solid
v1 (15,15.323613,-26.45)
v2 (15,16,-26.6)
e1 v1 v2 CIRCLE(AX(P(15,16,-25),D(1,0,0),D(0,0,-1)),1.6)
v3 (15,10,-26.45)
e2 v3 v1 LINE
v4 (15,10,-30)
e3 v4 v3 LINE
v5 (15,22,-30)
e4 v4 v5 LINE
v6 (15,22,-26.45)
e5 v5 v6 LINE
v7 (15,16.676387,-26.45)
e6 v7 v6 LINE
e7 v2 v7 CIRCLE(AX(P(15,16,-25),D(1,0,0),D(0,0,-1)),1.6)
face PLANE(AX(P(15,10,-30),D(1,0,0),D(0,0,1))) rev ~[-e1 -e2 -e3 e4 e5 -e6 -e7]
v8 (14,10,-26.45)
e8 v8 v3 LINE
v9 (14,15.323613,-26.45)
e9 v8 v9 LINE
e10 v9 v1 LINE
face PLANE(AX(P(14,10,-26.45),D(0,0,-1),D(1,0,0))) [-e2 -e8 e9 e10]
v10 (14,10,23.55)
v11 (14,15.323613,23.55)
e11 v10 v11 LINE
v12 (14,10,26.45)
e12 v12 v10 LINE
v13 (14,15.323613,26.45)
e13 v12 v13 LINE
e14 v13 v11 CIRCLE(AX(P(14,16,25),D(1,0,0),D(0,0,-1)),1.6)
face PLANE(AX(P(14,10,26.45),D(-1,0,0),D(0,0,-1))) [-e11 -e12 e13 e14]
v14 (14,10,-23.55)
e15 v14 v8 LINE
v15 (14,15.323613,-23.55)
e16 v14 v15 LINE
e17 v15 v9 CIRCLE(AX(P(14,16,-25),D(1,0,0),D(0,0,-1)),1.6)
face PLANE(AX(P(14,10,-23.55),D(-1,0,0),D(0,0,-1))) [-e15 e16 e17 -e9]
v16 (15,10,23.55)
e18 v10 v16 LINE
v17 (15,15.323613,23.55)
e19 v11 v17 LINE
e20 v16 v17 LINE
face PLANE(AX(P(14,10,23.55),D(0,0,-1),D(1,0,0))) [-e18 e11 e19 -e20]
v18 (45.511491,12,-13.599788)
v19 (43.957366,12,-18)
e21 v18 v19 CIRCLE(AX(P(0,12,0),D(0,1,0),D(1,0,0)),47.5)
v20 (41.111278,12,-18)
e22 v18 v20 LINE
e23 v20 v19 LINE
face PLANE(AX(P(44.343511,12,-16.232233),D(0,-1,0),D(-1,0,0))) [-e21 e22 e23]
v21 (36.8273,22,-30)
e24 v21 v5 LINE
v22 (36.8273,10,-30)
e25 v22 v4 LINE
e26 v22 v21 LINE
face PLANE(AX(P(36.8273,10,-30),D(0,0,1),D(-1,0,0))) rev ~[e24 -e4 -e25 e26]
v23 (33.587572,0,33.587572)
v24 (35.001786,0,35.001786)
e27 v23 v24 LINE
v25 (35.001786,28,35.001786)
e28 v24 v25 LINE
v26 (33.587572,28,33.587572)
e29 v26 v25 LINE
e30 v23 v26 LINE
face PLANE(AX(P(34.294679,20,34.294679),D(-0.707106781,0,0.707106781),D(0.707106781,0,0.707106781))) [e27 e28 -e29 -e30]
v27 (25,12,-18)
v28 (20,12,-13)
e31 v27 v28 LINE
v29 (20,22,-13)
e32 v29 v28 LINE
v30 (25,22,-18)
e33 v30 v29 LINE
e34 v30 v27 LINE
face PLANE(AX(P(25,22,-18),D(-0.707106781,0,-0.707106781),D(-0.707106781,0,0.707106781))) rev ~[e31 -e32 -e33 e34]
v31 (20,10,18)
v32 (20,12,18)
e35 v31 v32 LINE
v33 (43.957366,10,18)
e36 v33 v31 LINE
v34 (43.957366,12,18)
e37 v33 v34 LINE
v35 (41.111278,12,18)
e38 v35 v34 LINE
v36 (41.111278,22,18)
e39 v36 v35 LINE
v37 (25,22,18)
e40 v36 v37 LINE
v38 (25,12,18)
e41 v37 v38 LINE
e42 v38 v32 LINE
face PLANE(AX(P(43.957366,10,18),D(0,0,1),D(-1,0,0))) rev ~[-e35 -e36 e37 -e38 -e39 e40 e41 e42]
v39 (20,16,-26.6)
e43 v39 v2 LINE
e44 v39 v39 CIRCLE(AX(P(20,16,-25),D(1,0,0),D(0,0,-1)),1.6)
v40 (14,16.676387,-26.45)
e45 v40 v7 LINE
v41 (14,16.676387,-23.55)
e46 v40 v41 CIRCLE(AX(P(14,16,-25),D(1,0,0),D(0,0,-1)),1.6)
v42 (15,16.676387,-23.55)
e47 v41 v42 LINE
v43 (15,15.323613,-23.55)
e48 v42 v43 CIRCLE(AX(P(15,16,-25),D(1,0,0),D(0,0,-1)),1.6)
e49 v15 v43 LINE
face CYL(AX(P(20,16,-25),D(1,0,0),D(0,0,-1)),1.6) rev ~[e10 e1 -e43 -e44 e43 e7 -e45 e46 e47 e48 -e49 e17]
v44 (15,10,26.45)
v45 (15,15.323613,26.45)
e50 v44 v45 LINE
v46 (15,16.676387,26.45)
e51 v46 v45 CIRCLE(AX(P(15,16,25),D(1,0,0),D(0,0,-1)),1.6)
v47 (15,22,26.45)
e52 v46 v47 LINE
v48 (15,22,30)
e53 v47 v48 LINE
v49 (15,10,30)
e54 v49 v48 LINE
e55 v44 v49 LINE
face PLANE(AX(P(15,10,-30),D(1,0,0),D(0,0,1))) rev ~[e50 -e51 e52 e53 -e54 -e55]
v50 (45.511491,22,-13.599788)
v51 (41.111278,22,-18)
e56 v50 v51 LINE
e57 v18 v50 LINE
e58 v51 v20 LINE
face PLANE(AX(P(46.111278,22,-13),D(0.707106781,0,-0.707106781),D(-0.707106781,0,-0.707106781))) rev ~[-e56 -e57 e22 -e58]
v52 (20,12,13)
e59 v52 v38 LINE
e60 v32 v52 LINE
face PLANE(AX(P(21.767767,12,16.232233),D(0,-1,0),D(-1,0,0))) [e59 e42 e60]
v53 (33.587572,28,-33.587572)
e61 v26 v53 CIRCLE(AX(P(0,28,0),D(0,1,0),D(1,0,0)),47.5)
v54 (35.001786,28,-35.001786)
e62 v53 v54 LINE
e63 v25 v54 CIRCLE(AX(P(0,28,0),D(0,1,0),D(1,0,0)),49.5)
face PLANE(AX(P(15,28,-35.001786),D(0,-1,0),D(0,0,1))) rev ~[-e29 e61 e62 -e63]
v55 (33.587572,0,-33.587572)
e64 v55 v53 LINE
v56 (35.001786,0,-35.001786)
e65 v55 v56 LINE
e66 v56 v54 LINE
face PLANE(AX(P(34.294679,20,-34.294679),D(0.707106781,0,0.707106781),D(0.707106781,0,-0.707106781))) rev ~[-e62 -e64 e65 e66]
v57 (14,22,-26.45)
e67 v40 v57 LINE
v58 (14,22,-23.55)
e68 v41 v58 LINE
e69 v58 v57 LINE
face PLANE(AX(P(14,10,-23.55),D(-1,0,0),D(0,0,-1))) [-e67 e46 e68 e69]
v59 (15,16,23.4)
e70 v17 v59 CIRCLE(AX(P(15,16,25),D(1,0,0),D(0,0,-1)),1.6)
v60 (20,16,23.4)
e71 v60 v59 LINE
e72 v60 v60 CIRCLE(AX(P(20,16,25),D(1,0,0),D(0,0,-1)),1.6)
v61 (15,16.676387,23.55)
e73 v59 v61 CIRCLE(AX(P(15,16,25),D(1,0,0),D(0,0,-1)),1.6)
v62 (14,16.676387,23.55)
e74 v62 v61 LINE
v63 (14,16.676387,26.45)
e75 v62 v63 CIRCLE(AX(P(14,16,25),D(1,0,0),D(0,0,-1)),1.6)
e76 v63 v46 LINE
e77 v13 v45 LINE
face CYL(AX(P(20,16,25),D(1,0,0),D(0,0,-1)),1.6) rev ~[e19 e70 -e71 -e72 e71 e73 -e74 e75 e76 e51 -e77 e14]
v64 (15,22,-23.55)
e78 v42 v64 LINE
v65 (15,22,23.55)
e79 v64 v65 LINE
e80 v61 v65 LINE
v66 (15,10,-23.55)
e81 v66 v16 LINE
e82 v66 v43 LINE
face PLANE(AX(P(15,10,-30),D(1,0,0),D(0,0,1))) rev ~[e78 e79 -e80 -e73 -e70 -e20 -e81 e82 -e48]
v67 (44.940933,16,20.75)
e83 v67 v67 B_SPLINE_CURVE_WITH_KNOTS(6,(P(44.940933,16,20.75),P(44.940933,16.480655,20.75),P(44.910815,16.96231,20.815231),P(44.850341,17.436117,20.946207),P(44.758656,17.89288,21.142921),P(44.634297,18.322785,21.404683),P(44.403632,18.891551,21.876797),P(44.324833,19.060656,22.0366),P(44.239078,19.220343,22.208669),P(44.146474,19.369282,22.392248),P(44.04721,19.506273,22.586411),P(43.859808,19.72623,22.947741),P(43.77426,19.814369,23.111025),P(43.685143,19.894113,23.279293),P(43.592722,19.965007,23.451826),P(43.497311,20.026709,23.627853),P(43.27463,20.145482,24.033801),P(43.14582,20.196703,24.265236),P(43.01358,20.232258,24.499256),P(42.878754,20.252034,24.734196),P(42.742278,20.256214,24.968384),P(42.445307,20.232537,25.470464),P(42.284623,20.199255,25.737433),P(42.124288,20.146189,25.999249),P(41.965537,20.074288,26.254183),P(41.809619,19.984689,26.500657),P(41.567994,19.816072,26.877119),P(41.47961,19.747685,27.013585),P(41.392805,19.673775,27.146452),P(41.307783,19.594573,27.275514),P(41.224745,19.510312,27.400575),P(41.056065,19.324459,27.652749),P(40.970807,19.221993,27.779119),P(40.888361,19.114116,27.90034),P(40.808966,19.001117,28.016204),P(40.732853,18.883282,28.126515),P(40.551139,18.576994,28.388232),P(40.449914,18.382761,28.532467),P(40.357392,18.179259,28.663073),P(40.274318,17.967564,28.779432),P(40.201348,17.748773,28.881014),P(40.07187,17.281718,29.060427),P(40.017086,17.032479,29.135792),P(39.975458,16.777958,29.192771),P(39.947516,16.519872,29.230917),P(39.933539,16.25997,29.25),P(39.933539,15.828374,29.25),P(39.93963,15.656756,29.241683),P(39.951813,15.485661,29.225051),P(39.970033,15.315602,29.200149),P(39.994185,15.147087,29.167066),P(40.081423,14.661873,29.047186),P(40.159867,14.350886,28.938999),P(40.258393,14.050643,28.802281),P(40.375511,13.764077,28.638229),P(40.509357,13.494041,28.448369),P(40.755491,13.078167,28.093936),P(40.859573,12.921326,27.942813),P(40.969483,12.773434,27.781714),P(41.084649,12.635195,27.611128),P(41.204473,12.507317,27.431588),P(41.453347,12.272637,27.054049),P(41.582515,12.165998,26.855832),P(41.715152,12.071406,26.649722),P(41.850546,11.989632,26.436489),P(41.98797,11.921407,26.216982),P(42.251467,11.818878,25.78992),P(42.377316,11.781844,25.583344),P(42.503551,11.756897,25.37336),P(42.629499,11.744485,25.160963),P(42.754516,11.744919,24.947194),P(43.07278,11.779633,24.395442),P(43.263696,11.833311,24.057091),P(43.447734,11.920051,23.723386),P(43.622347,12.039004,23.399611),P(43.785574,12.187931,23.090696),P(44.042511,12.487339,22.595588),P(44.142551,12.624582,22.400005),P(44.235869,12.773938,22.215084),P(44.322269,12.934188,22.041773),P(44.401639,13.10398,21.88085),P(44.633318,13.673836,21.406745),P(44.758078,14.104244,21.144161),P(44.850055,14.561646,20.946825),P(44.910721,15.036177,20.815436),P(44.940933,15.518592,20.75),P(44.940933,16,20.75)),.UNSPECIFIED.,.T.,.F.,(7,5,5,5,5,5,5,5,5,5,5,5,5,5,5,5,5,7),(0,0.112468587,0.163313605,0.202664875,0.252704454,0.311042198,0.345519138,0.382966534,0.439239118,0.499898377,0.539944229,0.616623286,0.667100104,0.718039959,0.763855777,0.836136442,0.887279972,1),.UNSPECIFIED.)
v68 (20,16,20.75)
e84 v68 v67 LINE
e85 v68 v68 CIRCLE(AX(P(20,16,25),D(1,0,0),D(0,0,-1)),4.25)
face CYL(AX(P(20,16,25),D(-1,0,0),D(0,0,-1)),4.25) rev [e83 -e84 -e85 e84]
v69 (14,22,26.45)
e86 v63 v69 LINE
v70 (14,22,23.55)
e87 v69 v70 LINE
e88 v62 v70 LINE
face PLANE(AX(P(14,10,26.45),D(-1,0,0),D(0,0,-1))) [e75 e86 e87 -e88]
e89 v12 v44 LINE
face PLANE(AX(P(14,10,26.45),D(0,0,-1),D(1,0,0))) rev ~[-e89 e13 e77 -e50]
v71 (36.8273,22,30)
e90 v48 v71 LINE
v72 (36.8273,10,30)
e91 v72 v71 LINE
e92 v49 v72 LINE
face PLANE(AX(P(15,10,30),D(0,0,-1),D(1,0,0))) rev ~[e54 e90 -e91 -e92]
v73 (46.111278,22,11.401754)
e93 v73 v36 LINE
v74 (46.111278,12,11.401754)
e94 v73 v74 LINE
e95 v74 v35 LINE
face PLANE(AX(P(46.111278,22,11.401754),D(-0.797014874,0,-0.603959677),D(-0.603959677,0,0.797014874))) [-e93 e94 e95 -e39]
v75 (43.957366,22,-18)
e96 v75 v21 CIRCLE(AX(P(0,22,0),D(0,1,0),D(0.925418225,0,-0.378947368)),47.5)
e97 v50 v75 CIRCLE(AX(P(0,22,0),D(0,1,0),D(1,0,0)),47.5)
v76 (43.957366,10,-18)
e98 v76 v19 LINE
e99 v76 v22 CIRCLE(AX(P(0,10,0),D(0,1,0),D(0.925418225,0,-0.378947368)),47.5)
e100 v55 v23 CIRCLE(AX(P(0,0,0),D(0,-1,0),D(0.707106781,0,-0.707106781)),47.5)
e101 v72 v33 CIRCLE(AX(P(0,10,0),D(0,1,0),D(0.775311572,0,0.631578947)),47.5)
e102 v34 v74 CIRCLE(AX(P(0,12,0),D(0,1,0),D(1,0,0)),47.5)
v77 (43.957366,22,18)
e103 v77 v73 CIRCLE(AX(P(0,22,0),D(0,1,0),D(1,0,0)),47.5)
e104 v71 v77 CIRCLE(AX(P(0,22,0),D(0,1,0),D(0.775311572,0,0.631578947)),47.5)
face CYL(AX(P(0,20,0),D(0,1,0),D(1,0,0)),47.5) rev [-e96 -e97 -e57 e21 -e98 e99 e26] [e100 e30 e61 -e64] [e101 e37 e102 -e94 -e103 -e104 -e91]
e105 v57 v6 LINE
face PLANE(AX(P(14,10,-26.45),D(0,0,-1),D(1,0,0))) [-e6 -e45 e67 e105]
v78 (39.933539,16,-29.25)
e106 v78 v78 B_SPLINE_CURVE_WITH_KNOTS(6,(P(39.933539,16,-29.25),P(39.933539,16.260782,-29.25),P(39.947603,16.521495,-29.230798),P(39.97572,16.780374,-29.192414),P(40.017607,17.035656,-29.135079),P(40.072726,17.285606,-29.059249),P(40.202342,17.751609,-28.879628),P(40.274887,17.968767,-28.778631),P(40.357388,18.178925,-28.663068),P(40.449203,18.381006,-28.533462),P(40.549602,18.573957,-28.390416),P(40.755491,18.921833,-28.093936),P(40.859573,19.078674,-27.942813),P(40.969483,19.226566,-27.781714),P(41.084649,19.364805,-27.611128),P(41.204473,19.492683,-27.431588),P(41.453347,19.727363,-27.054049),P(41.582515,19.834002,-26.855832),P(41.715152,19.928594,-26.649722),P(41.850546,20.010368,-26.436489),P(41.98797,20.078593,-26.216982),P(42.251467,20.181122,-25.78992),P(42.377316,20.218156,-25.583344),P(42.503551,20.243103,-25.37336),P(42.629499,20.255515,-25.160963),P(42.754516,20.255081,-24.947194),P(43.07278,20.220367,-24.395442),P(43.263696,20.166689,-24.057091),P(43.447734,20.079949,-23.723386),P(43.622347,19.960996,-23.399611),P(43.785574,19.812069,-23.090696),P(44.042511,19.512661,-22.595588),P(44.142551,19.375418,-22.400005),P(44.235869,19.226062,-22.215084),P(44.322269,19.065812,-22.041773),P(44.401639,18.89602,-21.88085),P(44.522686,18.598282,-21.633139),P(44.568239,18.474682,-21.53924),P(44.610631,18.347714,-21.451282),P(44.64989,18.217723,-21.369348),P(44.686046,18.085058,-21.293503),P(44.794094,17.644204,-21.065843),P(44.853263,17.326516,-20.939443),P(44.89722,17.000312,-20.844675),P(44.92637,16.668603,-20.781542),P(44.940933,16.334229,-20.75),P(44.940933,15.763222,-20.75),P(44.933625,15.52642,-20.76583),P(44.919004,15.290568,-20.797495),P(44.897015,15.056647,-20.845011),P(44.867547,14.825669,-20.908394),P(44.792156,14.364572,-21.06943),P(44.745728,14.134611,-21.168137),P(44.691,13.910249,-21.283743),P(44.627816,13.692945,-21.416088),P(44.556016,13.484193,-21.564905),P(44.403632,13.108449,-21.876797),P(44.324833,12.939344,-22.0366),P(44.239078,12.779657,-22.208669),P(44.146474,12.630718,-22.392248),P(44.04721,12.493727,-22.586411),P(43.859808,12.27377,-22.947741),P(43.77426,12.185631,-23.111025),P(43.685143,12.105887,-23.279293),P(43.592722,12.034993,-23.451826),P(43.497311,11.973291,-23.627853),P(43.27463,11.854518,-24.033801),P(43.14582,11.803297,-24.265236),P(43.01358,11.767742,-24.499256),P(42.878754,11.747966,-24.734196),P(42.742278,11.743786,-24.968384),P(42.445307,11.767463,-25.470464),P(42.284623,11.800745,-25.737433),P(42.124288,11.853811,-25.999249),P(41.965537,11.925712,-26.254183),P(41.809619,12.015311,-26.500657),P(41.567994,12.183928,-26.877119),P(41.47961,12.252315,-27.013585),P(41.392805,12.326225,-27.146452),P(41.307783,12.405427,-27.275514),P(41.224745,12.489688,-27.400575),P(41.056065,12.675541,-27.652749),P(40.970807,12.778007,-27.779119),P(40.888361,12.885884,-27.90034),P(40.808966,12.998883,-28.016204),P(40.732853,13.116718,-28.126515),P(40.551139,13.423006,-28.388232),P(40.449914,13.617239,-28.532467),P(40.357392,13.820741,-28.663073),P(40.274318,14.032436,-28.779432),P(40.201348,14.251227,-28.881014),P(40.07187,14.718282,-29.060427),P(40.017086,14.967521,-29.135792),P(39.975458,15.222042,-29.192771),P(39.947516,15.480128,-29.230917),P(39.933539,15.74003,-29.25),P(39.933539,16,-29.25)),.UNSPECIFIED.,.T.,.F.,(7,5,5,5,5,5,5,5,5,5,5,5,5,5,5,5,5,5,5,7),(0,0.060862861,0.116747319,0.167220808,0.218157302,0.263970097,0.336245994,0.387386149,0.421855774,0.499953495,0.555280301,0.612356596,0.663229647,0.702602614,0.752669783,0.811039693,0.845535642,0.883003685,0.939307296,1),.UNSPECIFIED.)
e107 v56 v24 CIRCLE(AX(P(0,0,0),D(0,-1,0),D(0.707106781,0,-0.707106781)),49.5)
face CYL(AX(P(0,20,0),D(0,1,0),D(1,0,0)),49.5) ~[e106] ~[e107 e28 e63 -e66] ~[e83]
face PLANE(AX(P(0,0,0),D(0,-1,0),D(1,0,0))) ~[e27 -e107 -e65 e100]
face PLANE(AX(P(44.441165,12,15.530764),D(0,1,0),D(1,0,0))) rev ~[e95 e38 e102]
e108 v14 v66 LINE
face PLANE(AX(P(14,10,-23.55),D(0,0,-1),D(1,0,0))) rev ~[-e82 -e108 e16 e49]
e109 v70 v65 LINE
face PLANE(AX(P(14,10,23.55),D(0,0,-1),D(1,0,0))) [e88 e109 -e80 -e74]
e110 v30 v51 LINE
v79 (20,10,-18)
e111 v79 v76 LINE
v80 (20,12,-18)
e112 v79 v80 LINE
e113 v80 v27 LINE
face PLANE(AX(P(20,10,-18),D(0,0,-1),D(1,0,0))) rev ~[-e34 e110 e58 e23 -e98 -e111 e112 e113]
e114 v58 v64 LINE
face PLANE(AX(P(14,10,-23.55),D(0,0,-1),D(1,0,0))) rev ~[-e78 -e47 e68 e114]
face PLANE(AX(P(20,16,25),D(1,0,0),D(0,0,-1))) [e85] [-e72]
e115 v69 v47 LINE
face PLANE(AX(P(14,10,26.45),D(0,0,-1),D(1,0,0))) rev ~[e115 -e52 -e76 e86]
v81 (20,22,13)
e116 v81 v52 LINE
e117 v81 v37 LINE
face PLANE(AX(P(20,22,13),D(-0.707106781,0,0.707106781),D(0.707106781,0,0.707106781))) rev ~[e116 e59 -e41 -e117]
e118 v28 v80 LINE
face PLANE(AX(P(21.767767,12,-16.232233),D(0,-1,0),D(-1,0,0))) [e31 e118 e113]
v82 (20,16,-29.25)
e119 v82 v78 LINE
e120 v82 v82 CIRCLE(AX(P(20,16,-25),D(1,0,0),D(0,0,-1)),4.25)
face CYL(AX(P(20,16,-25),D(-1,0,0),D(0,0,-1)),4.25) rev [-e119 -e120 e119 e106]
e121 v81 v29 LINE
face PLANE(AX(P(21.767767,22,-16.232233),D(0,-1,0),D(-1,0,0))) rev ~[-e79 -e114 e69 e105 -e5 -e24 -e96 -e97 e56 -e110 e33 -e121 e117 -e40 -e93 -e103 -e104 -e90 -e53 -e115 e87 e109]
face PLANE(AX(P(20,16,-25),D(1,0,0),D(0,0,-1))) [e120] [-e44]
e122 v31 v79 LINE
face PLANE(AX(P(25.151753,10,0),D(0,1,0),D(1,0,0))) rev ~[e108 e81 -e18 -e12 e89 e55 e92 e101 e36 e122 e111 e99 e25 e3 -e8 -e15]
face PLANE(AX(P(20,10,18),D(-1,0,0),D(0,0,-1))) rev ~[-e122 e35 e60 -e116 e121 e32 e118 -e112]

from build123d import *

# Parameters (mm, degrees)
SKETCH1_W           = 2
SKETCH1_H           = 40
MAIN_ANGLE          = 90
SUPPORT_DEPTH       = 12
SKETCH6_W           = 1
SKETCH6_H           = 2.9
FIX_2_DEPTH         = 12
SKETCH9_R           = 1.6
SKETCH9_W           = 60
SKETCH9_H           = 8
HOLES_DEPTH         = 7
SKETCH10_R          = 4.25
BIGHOLES_DEPTH      = 30.5
REINFORCEMENT_DEPTH = 10
SKETCH12_W          = 70.003571338
SKETCH12_H          = 12
SENSORWINDOW_DEPTH  = 35.5000001


with BuildPart() as part:
    # Sketch1 → Main (revolve, symmetric)
    with BuildSketch(Plane.XY) as main_sk:
        with Locations((48.5, 20)):
            Rectangle(SKETCH1_W, SKETCH1_H)
    revolve(axis=Axis((0, -0.284703924, 0), (0, 1, 0)), revolution_arc=MAIN_ANGLE / 2)
    revolve(main_sk.sketch, axis=Axis((0, -0.284703924, 0), (0, -1, 0)), revolution_arc=MAIN_ANGLE / 2)

    # Sketch2 → Support (add)
    with BuildSketch(Plane(origin=(0, 10, 0), x_dir=(-1, 0, 0), z_dir=(0, -1, 0))):
        with BuildLine():
            Line((-43.957365708, -18), (-20, -18))
            Line((-20, -18), (-20, 18))
            Line((-20, 18), (-43.957365708, 18))
            ThreePointArc((-43.957365708, 18), (-40.835530357, 24.263335724), (-36.827299657, 30))
            Line((-36.827299657, 30), (-15, 30))
            Line((-15, 30), (-15, -30))
            Line((-15, -30), (-36.827299657, -30))
            ThreePointArc((-36.827299657, -30), (-40.835530357, -24.263335724), (-43.957365708, -18))
        make_face()
    extrude(amount=-SUPPORT_DEPTH)

    # Sketch6 → Fix 2 (add)
    with BuildSketch(Plane(origin=(0, 10, 0), x_dir=(1, 0, 0), z_dir=(0, 1, 0))):
        with Locations((14.5, -25)):
            Rectangle(SKETCH6_W, SKETCH6_H)
        with Locations((14.5, 25)):
            Rectangle(SKETCH6_W, SKETCH6_H)
    extrude(amount=FIX_2_DEPTH)

    # Sketch9 → Holes (cut, through all)
    with BuildSketch(Plane(origin=(20, 0, 0), x_dir=(0, 0, -1), z_dir=(1, 0, 0))):
        with Locations((25, 16)):
            Circle(SKETCH9_R)
        with Locations((-25, 16)):
            Circle(SKETCH9_R)
        with Locations((0, 38)):
            Rectangle(SKETCH9_W, SKETCH9_H)
    extrude(amount=-HOLES_DEPTH, mode=Mode.SUBTRACT)

    # Sketch10 → BigHoles (cut, through all)
    with BuildSketch(Plane(origin=(20, 0, 0), x_dir=(0, 0, -1), z_dir=(1, 0, 0))):
        with Locations((25, 16)):
            Circle(SKETCH10_R)
        with Locations((-25, 16)):
            Circle(SKETCH10_R)
    extrude(amount=BIGHOLES_DEPTH, mode=Mode.SUBTRACT)

    # Sketch11 → Reinforcement (add)
    with BuildSketch(Plane(origin=(0, 22, 0), x_dir=(1, 0, 0), z_dir=(0, 1, 0))):
        Polygon((20, 18), (25, 18), (20, 13), align=None)
        Polygon((20, -18), (20, -13), (25, -18), align=None)
        Polygon((41.111278447, 18), (46.111278447, 18), (46.111278447, 13), align=None)
        Polygon((41.111278447, -18), (46.111278447, -18), (46.111278447, -11.401754251), align=None)
    extrude(amount=-REINFORCEMENT_DEPTH)

    # Sketch12 → SensorWindow (cut, through all)
    with BuildSketch(Plane.ZY.offset(-15)):
        with Locations((0, 34)):
            Rectangle(SKETCH12_W, SKETCH12_H)
    extrude(amount=-SENSORWINDOW_DEPTH, mode=Mode.SUBTRACT)


solid = part.part
